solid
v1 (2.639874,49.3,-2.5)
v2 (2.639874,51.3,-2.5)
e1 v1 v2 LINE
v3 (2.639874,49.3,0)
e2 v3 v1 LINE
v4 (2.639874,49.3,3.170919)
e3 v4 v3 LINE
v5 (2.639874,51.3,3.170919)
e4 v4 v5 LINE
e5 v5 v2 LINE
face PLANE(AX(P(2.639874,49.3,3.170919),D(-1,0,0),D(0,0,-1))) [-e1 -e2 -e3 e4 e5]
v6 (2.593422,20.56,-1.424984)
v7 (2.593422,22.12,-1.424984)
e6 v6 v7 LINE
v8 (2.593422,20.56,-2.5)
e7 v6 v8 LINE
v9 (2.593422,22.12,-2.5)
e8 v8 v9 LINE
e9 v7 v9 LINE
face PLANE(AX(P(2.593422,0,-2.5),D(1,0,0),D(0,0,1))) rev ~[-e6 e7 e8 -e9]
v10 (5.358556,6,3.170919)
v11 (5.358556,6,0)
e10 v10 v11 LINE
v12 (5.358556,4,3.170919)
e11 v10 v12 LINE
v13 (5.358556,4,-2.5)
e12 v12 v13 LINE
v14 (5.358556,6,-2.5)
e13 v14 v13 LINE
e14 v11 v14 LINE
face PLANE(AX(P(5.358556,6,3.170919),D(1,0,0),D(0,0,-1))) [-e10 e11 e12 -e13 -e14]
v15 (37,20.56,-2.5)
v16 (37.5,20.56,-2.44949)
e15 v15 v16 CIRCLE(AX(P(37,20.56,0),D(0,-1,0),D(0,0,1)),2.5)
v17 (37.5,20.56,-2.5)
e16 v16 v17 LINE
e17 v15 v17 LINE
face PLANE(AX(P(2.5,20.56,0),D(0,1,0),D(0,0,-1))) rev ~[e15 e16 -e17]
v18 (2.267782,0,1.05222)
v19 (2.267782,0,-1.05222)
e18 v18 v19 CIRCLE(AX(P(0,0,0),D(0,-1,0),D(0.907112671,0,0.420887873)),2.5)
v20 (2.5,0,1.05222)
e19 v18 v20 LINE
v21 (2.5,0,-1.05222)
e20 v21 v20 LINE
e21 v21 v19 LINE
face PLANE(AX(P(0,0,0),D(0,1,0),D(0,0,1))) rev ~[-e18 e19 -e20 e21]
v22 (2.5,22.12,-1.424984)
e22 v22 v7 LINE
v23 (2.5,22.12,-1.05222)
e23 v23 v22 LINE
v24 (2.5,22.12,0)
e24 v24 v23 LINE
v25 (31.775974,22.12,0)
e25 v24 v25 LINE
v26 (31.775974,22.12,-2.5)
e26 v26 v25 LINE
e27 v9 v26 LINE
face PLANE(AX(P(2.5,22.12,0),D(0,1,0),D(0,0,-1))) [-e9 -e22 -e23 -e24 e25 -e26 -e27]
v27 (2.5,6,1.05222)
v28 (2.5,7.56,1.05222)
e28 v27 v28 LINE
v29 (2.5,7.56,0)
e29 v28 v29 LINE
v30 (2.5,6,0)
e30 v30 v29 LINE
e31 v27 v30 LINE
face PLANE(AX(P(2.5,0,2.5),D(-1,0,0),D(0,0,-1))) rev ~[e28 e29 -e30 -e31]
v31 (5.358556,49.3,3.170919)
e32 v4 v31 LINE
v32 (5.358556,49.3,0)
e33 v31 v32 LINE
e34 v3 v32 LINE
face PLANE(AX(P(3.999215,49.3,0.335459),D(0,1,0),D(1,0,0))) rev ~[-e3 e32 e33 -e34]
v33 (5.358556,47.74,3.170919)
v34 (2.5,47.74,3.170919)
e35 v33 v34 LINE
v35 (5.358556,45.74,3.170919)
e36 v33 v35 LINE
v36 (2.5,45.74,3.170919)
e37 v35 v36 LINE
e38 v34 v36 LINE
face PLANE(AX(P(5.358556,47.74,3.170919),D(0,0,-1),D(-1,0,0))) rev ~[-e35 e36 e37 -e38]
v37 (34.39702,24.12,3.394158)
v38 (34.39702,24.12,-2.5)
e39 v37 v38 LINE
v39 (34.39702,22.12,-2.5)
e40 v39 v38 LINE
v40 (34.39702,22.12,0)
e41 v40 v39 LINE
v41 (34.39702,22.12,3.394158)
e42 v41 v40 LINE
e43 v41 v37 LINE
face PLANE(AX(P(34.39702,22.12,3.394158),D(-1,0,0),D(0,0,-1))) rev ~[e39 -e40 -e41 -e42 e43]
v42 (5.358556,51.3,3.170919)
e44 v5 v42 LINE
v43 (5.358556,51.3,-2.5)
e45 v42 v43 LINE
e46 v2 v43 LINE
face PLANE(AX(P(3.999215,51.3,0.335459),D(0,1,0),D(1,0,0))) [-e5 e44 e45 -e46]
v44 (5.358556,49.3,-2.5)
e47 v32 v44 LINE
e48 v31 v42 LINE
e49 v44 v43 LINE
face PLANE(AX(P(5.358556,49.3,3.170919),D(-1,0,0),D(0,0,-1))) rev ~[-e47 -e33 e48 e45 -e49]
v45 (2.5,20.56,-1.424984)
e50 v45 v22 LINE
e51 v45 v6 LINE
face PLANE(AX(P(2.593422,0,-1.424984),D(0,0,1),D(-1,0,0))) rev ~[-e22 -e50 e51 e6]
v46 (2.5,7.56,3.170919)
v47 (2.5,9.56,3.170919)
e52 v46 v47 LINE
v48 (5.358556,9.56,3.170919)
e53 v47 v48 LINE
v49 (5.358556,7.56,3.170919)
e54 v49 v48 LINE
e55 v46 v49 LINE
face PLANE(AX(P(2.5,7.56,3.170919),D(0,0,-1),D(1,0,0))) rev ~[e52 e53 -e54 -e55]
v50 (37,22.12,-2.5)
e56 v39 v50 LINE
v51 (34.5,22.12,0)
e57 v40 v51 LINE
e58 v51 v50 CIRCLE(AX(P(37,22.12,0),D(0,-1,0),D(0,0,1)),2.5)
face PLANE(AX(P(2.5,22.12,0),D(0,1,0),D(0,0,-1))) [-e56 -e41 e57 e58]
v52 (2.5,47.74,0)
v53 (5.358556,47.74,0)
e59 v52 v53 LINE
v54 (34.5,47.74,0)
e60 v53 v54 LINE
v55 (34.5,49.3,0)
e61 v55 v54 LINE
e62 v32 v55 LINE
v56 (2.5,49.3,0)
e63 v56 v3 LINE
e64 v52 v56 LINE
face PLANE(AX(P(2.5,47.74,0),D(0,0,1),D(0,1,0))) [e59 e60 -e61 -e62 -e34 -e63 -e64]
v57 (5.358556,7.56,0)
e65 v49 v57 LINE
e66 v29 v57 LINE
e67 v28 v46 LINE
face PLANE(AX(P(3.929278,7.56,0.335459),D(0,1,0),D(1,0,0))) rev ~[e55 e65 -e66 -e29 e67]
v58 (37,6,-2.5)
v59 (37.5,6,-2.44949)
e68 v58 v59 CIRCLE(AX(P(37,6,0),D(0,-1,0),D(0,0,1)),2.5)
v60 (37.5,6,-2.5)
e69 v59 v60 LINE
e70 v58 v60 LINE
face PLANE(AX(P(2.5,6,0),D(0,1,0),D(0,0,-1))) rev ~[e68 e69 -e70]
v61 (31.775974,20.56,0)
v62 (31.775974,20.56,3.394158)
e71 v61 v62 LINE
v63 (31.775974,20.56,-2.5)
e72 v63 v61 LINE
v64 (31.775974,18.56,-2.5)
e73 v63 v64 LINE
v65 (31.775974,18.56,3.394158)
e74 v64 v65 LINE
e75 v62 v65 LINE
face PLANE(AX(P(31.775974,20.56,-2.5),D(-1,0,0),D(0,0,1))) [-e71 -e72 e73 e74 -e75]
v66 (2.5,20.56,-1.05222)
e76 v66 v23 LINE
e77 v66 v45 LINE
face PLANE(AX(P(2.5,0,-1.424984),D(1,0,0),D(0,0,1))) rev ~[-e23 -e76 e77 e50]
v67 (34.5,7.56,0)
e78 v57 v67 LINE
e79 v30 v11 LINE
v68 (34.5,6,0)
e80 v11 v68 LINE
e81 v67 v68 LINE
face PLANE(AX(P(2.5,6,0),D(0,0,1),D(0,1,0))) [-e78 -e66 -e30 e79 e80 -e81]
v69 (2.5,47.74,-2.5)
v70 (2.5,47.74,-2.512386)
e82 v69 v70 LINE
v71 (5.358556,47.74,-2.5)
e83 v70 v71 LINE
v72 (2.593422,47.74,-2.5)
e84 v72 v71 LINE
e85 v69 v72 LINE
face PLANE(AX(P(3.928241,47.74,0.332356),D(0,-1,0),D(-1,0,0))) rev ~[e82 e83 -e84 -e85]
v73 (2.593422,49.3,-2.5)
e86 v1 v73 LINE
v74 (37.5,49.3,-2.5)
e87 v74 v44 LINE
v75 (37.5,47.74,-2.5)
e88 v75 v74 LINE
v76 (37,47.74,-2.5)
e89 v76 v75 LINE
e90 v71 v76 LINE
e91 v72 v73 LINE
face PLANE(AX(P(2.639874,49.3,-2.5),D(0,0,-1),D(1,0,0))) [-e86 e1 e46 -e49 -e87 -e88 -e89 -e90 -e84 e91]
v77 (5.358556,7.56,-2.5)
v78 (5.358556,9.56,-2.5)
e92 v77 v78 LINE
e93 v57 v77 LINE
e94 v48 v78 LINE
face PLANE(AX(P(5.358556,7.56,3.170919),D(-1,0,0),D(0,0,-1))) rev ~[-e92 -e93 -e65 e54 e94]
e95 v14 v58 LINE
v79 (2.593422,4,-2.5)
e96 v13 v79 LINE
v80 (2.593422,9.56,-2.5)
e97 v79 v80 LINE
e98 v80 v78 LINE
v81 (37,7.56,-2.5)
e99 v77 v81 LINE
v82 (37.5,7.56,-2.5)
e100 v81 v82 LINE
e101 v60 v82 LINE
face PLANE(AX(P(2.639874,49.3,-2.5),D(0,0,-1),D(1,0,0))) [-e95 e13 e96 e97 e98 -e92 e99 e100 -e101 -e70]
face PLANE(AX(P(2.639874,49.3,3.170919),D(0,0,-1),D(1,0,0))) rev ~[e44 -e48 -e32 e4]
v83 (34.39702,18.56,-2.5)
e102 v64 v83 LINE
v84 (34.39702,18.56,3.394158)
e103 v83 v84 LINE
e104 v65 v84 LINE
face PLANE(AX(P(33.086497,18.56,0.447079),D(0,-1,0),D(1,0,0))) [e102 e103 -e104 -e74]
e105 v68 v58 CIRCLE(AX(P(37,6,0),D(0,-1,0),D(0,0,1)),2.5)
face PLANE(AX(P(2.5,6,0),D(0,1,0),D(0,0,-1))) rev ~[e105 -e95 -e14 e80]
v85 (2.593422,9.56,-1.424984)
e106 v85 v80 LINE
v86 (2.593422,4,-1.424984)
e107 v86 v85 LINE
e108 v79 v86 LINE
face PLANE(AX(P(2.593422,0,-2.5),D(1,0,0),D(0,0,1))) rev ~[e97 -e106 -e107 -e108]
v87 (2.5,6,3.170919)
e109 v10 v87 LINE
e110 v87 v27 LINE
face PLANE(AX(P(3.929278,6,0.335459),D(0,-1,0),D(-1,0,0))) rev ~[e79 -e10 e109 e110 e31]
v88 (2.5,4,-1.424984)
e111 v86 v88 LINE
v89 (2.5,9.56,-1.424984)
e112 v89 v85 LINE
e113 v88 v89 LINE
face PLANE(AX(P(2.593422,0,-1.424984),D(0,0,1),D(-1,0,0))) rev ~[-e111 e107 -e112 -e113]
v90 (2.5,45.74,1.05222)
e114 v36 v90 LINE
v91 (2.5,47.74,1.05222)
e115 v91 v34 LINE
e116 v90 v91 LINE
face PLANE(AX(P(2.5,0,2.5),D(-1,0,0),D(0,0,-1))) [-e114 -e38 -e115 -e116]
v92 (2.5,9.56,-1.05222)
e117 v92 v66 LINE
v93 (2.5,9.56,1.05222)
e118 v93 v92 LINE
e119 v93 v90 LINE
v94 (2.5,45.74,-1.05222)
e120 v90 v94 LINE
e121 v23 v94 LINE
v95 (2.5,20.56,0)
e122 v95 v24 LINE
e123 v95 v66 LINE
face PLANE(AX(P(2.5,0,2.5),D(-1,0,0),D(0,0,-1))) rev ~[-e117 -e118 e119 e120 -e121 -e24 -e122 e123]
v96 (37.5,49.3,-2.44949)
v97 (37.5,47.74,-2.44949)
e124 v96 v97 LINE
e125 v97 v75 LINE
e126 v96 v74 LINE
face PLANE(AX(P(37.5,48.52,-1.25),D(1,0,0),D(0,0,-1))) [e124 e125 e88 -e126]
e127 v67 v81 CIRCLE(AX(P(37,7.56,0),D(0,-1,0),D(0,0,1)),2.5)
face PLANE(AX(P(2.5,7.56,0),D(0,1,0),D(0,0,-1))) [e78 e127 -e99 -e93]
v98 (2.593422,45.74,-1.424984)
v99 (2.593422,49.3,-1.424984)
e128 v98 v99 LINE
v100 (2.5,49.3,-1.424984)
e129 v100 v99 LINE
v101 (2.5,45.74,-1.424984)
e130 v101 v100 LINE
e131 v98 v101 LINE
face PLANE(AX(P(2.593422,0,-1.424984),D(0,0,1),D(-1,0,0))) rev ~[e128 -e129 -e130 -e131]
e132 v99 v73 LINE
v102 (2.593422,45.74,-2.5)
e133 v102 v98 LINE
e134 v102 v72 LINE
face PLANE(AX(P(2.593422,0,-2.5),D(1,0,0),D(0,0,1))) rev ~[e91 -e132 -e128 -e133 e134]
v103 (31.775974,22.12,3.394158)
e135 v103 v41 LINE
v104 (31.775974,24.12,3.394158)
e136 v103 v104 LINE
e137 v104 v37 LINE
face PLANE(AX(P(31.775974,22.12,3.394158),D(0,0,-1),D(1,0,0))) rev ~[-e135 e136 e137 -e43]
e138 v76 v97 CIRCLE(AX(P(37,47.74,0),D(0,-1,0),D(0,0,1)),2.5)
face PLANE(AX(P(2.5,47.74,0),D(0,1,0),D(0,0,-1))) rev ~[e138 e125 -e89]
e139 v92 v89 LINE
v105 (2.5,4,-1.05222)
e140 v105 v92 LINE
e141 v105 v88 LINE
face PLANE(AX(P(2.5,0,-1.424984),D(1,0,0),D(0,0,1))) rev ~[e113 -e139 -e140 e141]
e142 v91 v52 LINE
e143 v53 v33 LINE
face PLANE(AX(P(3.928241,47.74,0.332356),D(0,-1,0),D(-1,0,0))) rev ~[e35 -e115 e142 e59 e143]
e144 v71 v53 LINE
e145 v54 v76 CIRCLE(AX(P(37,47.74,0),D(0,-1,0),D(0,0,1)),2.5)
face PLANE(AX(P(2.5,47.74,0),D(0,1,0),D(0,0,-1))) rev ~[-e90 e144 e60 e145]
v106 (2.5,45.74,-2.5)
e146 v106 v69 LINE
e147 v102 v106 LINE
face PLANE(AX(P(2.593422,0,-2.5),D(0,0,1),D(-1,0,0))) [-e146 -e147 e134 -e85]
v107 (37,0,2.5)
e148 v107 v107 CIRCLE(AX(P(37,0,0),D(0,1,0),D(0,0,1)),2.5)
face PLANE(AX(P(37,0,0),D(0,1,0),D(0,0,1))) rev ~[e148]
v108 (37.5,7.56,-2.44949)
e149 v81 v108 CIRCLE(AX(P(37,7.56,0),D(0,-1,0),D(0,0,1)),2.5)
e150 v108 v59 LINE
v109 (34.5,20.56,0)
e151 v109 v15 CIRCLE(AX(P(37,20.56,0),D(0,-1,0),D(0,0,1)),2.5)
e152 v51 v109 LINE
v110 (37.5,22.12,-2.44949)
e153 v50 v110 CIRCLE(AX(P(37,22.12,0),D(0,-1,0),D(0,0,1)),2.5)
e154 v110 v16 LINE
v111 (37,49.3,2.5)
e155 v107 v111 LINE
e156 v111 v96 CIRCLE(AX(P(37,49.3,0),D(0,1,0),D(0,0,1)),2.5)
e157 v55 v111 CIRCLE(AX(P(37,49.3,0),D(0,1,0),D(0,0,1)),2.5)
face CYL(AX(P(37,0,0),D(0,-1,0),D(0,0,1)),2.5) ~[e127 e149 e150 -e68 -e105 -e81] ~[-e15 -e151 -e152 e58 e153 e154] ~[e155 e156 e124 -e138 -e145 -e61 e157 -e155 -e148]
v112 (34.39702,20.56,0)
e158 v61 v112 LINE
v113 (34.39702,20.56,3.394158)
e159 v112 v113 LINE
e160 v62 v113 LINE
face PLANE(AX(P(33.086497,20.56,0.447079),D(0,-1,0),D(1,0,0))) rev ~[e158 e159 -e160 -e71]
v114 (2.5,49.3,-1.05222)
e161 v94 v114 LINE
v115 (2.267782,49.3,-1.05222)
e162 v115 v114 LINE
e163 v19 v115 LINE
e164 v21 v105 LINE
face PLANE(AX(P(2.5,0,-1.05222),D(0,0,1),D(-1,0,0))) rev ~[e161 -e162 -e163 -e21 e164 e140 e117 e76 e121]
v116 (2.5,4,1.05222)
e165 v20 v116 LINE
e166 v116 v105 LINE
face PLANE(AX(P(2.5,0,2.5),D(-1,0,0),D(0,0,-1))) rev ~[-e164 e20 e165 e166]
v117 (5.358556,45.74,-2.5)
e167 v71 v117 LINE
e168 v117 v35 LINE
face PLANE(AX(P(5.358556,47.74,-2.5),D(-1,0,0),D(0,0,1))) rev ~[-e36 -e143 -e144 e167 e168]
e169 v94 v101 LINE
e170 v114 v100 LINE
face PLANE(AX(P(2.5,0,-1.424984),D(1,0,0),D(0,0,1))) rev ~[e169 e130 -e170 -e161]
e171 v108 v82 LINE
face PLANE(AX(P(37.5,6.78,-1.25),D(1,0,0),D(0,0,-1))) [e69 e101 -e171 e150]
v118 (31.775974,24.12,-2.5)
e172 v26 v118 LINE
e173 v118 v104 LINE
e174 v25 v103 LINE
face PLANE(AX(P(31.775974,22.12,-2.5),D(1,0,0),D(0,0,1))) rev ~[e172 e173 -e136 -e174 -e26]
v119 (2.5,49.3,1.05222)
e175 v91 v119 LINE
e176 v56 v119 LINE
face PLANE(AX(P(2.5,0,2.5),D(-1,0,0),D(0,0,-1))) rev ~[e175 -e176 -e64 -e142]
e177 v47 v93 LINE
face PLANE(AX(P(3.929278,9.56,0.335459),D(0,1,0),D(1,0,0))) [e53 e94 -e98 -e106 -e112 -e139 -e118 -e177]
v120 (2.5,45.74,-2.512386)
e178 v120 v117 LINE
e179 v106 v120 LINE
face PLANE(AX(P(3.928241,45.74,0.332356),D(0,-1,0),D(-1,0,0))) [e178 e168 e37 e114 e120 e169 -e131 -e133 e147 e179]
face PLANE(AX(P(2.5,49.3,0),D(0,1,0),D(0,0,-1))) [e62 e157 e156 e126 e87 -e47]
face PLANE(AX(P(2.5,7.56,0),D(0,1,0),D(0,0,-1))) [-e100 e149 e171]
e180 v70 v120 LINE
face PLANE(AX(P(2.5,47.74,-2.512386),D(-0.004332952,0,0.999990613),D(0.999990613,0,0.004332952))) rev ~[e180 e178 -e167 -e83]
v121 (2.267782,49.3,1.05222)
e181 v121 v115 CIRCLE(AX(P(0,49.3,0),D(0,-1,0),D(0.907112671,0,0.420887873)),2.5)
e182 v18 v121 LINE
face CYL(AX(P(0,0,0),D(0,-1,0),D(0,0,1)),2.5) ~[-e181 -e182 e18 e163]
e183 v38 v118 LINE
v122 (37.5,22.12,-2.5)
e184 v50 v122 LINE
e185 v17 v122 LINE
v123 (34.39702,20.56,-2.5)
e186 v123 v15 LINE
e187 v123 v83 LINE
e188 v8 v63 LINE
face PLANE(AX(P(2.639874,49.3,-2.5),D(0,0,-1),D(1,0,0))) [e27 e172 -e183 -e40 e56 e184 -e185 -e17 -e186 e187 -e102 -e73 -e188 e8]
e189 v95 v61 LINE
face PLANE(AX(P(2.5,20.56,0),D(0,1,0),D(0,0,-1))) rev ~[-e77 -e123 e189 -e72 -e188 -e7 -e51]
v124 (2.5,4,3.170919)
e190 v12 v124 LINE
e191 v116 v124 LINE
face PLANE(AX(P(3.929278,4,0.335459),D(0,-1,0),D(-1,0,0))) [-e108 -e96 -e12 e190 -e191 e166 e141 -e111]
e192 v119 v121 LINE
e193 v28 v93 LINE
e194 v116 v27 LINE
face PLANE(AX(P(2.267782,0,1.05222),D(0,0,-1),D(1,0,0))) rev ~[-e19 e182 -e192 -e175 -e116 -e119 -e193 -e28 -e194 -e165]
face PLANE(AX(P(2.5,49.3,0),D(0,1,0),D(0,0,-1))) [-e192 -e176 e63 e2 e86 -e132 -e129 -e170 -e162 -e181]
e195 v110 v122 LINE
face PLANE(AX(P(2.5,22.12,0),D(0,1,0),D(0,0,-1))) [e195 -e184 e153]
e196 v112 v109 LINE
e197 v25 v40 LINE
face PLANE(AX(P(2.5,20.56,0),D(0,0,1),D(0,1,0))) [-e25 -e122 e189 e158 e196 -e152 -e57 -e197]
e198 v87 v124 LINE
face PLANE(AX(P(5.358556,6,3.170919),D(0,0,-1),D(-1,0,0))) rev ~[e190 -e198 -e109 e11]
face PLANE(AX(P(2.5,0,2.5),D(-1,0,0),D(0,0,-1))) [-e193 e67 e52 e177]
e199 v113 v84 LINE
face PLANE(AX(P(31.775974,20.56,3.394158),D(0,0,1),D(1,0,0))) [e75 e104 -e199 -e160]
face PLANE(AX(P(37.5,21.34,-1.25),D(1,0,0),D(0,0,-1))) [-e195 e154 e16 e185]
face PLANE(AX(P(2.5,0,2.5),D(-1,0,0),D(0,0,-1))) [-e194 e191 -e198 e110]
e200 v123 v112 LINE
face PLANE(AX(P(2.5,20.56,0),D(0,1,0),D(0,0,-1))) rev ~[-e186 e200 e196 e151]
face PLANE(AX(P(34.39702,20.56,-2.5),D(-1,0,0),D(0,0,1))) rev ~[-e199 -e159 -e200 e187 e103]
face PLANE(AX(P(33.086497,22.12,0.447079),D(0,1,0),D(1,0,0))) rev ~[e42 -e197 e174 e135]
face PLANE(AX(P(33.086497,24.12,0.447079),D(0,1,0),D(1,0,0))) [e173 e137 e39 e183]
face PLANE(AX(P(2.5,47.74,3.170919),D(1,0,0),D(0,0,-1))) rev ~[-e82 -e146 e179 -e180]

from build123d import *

# Parameters (mm, degrees)
SKETCH2_R             = 2.5
BOSS_EXTRUDE1_DEPTH   = 49.3
BOSS_EXTRUDE1_2_DEPTH = 49.3
BOSS_EXTRUDE2_DEPTH   = 49.3
SKETCH4_W             = 2.5
SKETCH4_H             = 1.56
BOSS_EXTRUDE4_DEPTH   = 35
BOSS_EXTRUDE8_DEPTH   = 2
SKETCH15_W            = 2.621045261
SKETCH15_H            = 5.894157502
BOSS_EXTRUDE10_DEPTH  = 2
SKETCH16_W            = 2.858555501
SKETCH16_H            = 5.670918984
BOSS_EXTRUDE11_DEPTH  = 2
SKETCH17_W            = 2.858555501
SKETCH17_H            = 5.670918984
BOSS_EXTRUDE12_DEPTH  = 2
BOSS_EXTRUDE13_DEPTH  = 2
SKETCH21_W            = 2.718681831
SKETCH21_H            = 5.670918984
BOSS_EXTRUDE16_DEPTH  = 2
SKETCH22_W            = 0.232218322
SKETCH22_H            = 1.447780317
CUT_EXTRUDE3_DEPTH    = 49.4


with BuildPart() as part:
    # Sketch2 → Boss-Extrude1 (new body)
    with BuildSketch(Plane(origin=(0, 0, 0), x_dir=(1, 0, 0), z_dir=(0, 1, 0))):
        with Locations(Location((0, 0, 0), (0, 0, 270))):
            Circle(SKETCH2_R)
    extrude(amount=BOSS_EXTRUDE1_DEPTH)

    # Sketch3 → Boss-Extrude2 (add)
    with BuildSketch(Plane(origin=(0, 0, 0), x_dir=(1, 0, 0), z_dir=(0, 1, 0))):
        with BuildLine():
            Line((2.5, 0), (2.499588142, -0.045377544))
            ThreePointArc((2.499588142, -0.045377544), (2.436264871, -0.560904161), (2.267781678, -1.052219683))
            Line((2.267781678, -1.052219683), (2.267781678, -2.5))
            Line((2.267781678, -2.5), (2.5, -2.5))
            Line((2.5, -2.5), (2.5, 0))
        make_face()
        with BuildLine():
            ThreePointArc((2.267781678, 1.052219683), (2.44125523, 0.538769805), (2.5, 0))
            Line((2.5, 0), (2.5, 2.5))
            Line((2.5, 2.5), (2.267781678, 2.5))
            Line((2.267781678, 2.5), (2.267781678, 1.052219683))
        make_face()
    extrude(amount=BOSS_EXTRUDE2_DEPTH)



with BuildPart() as body_2:
    # Sketch2 → Boss-Extrude1 2 (new body)
    with BuildSketch(Plane(origin=(0, 0, 0), x_dir=(1, 0, 0), z_dir=(0, 1, 0))):
        with Locations(Location((37, 0, 0), (0, 0, 270))):
            Circle(SKETCH2_R)
    extrude(amount=BOSS_EXTRUDE1_2_DEPTH)


with BuildPart() as part_1:
    add(part.part)

    add(body_2.part)  # Boss-Extrude4 merges body 2
    # Sketch4 → Boss-Extrude4 (add)
    with BuildSketch(Plane(origin=(2.5, 0, 0), x_dir=(0, 0, -1), z_dir=(1, 0, 0))):
        with Locations((1.25, 48.52)):
            Rectangle(SKETCH4_W, SKETCH4_H)
        with Locations((1.25, 21.34)):
            Rectangle(SKETCH4_W, SKETCH4_H)
        with Locations((1.25, 6.78)):
            Rectangle(SKETCH4_W, SKETCH4_H)
    extrude(amount=BOSS_EXTRUDE4_DEPTH)

    # Sketch10 → Boss-Extrude8 (add)
    with BuildSketch(Plane(origin=(0, 22.12, 0), x_dir=(1, 0, 0), z_dir=(0, 1, 0))):
        Polygon((31.775974476, 2.5), (31.775974476, -0.65349723), (31.775974476, -2.529631849), (31.775974476, -3.394157502), (34.397019737, -3.394157502), (34.397019737, -2.529631849), (34.397019737, -0.644583093), (34.397019737, 2.5), align=None)
    extrude(amount=BOSS_EXTRUDE8_DEPTH)

    # Sketch15 → Boss-Extrude10 (add)
    with BuildSketch(Plane.XZ.offset(-20.56)):
        with Locations((33.086497107, 0.447078751)):
            Rectangle(SKETCH15_W, SKETCH15_H)
    extrude(amount=BOSS_EXTRUDE10_DEPTH)

    # Sketch16 → Boss-Extrude11 (add)
    with BuildSketch(Plane(origin=(0, 7.56, 0), x_dir=(1, 0, 0), z_dir=(0, 1, 0))):
        with Locations((3.929277751, -0.335459492)):
            Rectangle(SKETCH16_W, SKETCH16_H)
    extrude(amount=BOSS_EXTRUDE11_DEPTH)

    # Sketch17 → Boss-Extrude12 (add)
    with BuildSketch(Plane(origin=(0, 6, 0), x_dir=(-1, 0, 0), z_dir=(0, -1, 0))):
        with Locations((-3.929277751, -0.335459492)):
            Rectangle(SKETCH17_W, SKETCH17_H)
    extrude(amount=BOSS_EXTRUDE12_DEPTH)

    # Sketch18 → Boss-Extrude13 (add)
    with BuildSketch(Plane(origin=(0, 47.74, 0), x_dir=(-1, 0, 0), z_dir=(0, -1, 0))):
        Polygon((-2.5, 2.512386099), (-5.358555501, 2.5), (-5.358555501, -3.170918984), (-2.5, -3.170918984), align=None)
    extrude(amount=BOSS_EXTRUDE13_DEPTH)

    # Sketch21 → Boss-Extrude16 (add)
    with BuildSketch(Plane(origin=(0, 49.3, 0), x_dir=(1, 0, 0), z_dir=(0, 1, 0))):
        with Locations((3.999214586, -0.335459492)):
            Rectangle(SKETCH21_W, SKETCH21_H)
    extrude(amount=BOSS_EXTRUDE16_DEPTH)

    # Sketch22 → Cut-Extrude3 (cut)
    with BuildSketch(Plane(origin=(0, 0, 0), x_dir=(1, 0, 0), z_dir=(0, 1, 0))):
        Polygon((2.267781678, 1.052219683), (2.267781678, 2.5), (2.5, 2.5), (2.593422148, 2.5), (2.593422148, 1.424983609), (2.5, 1.424983609), (2.5, 1.052219683), align=None)
        with Locations((2.383890839, -1.776109842)):
            Rectangle(SKETCH22_W, SKETCH22_H)
    extrude(amount=CUT_EXTRUDE3_DEPTH, mode=Mode.SUBTRACT)


solid = part_1.part
